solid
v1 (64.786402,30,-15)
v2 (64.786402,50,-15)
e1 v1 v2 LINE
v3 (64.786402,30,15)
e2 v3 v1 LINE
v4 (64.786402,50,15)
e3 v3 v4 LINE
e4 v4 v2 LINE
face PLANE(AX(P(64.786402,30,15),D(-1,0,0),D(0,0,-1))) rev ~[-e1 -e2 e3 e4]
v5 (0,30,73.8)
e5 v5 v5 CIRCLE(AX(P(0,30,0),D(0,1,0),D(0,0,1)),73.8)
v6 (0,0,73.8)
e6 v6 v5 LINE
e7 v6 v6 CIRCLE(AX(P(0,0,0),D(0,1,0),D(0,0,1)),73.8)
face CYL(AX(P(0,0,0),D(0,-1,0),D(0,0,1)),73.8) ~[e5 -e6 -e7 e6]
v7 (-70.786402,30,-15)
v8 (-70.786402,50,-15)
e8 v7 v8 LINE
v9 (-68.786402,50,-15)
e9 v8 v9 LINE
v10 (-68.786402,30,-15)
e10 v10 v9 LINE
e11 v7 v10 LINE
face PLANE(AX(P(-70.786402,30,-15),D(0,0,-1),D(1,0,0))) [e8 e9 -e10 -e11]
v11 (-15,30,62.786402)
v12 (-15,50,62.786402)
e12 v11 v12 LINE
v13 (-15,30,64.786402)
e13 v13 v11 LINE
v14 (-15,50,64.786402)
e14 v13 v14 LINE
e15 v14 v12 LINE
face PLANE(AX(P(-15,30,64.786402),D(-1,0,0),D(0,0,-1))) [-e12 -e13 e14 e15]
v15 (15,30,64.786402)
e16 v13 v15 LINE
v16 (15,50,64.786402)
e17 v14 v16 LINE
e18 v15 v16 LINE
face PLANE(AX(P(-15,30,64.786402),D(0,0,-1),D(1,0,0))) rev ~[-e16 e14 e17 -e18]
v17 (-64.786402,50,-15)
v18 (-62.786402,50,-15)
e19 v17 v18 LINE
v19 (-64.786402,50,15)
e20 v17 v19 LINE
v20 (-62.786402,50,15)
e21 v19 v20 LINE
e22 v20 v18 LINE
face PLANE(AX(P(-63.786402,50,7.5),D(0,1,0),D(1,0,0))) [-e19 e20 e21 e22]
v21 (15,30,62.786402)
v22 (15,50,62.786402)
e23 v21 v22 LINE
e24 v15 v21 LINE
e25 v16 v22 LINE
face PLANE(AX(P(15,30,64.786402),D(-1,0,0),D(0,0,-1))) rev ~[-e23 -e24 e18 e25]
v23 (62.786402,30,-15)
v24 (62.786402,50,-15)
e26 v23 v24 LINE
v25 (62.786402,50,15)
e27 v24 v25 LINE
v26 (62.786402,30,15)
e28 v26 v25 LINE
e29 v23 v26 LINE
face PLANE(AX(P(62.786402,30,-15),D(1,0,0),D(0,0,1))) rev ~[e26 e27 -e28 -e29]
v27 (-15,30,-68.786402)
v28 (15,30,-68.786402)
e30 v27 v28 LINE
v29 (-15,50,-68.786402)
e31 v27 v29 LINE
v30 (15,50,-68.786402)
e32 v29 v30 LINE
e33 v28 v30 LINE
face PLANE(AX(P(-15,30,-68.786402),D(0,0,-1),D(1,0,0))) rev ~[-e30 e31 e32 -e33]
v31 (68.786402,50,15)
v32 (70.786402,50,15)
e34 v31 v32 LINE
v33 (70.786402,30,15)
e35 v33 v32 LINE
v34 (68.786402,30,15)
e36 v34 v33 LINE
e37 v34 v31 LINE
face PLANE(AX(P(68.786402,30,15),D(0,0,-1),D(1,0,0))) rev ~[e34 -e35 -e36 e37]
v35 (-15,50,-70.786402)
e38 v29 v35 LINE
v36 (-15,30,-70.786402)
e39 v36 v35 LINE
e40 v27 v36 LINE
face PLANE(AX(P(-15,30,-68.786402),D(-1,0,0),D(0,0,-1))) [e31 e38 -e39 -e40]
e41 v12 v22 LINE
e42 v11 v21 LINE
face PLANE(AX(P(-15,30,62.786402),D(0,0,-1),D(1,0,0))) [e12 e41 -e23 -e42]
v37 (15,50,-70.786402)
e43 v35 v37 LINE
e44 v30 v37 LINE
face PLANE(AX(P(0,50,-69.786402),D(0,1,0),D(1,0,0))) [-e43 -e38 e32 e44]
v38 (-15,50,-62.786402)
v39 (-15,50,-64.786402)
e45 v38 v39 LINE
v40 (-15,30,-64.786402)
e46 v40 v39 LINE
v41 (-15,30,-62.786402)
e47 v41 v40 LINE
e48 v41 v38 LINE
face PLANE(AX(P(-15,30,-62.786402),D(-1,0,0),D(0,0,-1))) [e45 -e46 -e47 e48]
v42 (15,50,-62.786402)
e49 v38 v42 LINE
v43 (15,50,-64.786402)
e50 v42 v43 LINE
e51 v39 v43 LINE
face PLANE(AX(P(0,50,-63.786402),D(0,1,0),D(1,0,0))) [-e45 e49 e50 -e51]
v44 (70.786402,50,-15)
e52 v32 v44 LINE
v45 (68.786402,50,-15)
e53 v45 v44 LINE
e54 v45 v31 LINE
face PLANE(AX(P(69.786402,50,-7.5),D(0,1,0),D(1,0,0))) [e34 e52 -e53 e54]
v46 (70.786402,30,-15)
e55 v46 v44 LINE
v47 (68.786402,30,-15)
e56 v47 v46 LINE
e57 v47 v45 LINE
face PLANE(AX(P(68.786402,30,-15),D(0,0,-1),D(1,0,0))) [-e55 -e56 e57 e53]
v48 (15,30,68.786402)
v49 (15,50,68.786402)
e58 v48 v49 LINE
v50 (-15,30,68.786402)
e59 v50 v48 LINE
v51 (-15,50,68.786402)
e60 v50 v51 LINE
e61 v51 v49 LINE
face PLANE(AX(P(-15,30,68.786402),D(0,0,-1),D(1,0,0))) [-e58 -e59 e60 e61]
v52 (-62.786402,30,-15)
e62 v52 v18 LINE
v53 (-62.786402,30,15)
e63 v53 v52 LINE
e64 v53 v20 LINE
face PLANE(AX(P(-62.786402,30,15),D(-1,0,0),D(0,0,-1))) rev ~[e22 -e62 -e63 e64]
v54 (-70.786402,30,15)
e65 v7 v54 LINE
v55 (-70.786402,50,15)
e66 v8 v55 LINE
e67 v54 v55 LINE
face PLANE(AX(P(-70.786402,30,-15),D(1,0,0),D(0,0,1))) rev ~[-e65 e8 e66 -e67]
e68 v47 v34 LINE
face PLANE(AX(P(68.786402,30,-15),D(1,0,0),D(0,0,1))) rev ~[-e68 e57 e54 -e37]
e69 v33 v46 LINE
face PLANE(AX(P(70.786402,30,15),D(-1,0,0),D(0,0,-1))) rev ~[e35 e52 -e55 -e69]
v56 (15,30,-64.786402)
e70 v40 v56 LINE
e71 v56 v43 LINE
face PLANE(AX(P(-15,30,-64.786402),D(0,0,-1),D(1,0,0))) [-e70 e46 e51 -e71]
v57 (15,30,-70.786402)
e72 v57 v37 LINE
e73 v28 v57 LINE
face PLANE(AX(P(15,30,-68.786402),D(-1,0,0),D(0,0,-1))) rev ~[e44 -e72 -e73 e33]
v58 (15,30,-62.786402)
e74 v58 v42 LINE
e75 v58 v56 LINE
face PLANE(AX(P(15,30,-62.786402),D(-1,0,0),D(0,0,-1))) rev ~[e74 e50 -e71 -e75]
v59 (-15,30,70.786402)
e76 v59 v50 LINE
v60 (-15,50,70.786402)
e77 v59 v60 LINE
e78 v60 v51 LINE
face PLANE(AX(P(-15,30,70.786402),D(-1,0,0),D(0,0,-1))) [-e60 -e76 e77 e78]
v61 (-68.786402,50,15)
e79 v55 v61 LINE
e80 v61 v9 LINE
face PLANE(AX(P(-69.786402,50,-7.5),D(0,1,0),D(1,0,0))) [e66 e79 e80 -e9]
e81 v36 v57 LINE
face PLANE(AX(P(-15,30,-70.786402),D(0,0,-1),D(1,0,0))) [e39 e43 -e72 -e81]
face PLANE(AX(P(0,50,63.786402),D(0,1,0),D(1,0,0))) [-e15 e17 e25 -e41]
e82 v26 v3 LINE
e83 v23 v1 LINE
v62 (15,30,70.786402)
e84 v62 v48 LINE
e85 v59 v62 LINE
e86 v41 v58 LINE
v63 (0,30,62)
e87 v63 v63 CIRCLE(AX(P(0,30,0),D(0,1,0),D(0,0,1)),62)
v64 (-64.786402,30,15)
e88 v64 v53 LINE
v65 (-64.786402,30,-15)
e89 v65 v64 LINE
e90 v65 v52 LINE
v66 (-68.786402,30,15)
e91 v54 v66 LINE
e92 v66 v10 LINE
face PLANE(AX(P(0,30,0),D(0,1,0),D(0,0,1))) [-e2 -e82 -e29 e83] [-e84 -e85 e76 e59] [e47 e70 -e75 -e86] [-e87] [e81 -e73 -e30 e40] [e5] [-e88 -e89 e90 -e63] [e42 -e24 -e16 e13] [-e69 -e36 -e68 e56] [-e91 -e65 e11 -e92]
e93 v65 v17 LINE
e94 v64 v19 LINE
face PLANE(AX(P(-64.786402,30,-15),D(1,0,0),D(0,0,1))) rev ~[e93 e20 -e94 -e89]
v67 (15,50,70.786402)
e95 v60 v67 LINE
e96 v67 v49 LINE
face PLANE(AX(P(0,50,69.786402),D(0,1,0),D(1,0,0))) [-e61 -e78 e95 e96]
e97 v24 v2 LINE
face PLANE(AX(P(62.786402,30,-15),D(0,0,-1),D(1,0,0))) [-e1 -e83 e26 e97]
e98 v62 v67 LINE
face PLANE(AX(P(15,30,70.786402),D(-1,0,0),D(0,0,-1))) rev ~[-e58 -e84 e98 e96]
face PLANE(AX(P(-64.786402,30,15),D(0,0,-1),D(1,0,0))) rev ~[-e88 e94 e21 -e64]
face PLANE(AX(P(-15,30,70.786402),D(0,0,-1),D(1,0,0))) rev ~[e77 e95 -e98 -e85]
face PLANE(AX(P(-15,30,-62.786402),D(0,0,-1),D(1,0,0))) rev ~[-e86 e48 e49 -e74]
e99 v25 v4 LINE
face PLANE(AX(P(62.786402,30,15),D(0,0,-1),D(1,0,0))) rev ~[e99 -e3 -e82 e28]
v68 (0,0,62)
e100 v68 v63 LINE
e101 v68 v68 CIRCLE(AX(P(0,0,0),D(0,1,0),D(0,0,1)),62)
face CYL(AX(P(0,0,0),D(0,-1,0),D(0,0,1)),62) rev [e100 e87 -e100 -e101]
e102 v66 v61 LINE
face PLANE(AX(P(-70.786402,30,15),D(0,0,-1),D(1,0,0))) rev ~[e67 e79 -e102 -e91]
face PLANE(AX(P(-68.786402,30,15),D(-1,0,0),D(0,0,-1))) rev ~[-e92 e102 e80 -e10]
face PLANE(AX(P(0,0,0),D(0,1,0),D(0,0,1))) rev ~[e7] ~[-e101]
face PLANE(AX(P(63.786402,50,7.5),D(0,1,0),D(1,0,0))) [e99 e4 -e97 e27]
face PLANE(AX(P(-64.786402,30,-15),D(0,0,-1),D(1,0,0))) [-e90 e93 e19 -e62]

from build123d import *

# Parameters (mm, degrees)
ESQUISSE1_R        = 73.8
ESQUISSE1_R_2      = 62
BOSS_EXTRU_1_DEPTH = 30
ESQUISSE2_W        = 2
ESQUISSE2_H        = 15
ESQUISSE2_W_2      = 30
ESQUISSE2_H_2      = 2
BOSS_EXTRU_2_DEPTH = 20


with BuildPart() as part:
    # Esquisse1 → Boss.-Extru.1 (new body)
    with BuildSketch(Plane(origin=(0, 0, 0), x_dir=(1, 0, 0), z_dir=(0, 1, 0))):
        with Locations(Location((0, 0, 0), (0, 0, 270))):
            Circle(ESQUISSE1_R)
        with Locations(Location((0, 0, 0), (0, 0, 270))):
            Circle(ESQUISSE1_R_2, mode=Mode.SUBTRACT)
    extrude(amount=BOSS_EXTRU_1_DEPTH)

    # Esquisse2 → Boss.-Extru.2 (add)
    with BuildSketch(Plane(origin=(0, 30, 0), x_dir=(1, 0, 0), z_dir=(0, 1, 0))):
        with Locations((-69.786402014, 7.5)):
            Rectangle(ESQUISSE2_W, ESQUISSE2_H)
        with Locations((-69.786402014, -7.5)):
            Rectangle(ESQUISSE2_W, ESQUISSE2_H)
        with Locations((-63.786402014, -7.5)):
            Rectangle(ESQUISSE2_W, ESQUISSE2_H)
        with Locations((-63.786402014, 7.5)):
            Rectangle(ESQUISSE2_W, ESQUISSE2_H)
        with Locations((0, 69.786402014)):
            Rectangle(ESQUISSE2_W_2, ESQUISSE2_H_2)
        with Locations((0, 63.786402014)):
            Rectangle(ESQUISSE2_W_2, ESQUISSE2_H_2)
        with Locations((63.786402014, -7.5)):
            Rectangle(ESQUISSE2_W, ESQUISSE2_H)
        with Locations((63.786402014, 7.5)):
            Rectangle(ESQUISSE2_W, ESQUISSE2_H)
        with Locations((69.786402014, 7.5)):
            Rectangle(ESQUISSE2_W, ESQUISSE2_H)
        with Locations((69.786402014, -7.5)):
            Rectangle(ESQUISSE2_W, ESQUISSE2_H)
        with Locations((0, -69.786402014)):
            Rectangle(ESQUISSE2_W_2, ESQUISSE2_H_2)
        with Locations((0, -63.786402014)):
            Rectangle(ESQUISSE2_W_2, ESQUISSE2_H_2)
    extrude(amount=BOSS_EXTRU_2_DEPTH)


solid = part.part
